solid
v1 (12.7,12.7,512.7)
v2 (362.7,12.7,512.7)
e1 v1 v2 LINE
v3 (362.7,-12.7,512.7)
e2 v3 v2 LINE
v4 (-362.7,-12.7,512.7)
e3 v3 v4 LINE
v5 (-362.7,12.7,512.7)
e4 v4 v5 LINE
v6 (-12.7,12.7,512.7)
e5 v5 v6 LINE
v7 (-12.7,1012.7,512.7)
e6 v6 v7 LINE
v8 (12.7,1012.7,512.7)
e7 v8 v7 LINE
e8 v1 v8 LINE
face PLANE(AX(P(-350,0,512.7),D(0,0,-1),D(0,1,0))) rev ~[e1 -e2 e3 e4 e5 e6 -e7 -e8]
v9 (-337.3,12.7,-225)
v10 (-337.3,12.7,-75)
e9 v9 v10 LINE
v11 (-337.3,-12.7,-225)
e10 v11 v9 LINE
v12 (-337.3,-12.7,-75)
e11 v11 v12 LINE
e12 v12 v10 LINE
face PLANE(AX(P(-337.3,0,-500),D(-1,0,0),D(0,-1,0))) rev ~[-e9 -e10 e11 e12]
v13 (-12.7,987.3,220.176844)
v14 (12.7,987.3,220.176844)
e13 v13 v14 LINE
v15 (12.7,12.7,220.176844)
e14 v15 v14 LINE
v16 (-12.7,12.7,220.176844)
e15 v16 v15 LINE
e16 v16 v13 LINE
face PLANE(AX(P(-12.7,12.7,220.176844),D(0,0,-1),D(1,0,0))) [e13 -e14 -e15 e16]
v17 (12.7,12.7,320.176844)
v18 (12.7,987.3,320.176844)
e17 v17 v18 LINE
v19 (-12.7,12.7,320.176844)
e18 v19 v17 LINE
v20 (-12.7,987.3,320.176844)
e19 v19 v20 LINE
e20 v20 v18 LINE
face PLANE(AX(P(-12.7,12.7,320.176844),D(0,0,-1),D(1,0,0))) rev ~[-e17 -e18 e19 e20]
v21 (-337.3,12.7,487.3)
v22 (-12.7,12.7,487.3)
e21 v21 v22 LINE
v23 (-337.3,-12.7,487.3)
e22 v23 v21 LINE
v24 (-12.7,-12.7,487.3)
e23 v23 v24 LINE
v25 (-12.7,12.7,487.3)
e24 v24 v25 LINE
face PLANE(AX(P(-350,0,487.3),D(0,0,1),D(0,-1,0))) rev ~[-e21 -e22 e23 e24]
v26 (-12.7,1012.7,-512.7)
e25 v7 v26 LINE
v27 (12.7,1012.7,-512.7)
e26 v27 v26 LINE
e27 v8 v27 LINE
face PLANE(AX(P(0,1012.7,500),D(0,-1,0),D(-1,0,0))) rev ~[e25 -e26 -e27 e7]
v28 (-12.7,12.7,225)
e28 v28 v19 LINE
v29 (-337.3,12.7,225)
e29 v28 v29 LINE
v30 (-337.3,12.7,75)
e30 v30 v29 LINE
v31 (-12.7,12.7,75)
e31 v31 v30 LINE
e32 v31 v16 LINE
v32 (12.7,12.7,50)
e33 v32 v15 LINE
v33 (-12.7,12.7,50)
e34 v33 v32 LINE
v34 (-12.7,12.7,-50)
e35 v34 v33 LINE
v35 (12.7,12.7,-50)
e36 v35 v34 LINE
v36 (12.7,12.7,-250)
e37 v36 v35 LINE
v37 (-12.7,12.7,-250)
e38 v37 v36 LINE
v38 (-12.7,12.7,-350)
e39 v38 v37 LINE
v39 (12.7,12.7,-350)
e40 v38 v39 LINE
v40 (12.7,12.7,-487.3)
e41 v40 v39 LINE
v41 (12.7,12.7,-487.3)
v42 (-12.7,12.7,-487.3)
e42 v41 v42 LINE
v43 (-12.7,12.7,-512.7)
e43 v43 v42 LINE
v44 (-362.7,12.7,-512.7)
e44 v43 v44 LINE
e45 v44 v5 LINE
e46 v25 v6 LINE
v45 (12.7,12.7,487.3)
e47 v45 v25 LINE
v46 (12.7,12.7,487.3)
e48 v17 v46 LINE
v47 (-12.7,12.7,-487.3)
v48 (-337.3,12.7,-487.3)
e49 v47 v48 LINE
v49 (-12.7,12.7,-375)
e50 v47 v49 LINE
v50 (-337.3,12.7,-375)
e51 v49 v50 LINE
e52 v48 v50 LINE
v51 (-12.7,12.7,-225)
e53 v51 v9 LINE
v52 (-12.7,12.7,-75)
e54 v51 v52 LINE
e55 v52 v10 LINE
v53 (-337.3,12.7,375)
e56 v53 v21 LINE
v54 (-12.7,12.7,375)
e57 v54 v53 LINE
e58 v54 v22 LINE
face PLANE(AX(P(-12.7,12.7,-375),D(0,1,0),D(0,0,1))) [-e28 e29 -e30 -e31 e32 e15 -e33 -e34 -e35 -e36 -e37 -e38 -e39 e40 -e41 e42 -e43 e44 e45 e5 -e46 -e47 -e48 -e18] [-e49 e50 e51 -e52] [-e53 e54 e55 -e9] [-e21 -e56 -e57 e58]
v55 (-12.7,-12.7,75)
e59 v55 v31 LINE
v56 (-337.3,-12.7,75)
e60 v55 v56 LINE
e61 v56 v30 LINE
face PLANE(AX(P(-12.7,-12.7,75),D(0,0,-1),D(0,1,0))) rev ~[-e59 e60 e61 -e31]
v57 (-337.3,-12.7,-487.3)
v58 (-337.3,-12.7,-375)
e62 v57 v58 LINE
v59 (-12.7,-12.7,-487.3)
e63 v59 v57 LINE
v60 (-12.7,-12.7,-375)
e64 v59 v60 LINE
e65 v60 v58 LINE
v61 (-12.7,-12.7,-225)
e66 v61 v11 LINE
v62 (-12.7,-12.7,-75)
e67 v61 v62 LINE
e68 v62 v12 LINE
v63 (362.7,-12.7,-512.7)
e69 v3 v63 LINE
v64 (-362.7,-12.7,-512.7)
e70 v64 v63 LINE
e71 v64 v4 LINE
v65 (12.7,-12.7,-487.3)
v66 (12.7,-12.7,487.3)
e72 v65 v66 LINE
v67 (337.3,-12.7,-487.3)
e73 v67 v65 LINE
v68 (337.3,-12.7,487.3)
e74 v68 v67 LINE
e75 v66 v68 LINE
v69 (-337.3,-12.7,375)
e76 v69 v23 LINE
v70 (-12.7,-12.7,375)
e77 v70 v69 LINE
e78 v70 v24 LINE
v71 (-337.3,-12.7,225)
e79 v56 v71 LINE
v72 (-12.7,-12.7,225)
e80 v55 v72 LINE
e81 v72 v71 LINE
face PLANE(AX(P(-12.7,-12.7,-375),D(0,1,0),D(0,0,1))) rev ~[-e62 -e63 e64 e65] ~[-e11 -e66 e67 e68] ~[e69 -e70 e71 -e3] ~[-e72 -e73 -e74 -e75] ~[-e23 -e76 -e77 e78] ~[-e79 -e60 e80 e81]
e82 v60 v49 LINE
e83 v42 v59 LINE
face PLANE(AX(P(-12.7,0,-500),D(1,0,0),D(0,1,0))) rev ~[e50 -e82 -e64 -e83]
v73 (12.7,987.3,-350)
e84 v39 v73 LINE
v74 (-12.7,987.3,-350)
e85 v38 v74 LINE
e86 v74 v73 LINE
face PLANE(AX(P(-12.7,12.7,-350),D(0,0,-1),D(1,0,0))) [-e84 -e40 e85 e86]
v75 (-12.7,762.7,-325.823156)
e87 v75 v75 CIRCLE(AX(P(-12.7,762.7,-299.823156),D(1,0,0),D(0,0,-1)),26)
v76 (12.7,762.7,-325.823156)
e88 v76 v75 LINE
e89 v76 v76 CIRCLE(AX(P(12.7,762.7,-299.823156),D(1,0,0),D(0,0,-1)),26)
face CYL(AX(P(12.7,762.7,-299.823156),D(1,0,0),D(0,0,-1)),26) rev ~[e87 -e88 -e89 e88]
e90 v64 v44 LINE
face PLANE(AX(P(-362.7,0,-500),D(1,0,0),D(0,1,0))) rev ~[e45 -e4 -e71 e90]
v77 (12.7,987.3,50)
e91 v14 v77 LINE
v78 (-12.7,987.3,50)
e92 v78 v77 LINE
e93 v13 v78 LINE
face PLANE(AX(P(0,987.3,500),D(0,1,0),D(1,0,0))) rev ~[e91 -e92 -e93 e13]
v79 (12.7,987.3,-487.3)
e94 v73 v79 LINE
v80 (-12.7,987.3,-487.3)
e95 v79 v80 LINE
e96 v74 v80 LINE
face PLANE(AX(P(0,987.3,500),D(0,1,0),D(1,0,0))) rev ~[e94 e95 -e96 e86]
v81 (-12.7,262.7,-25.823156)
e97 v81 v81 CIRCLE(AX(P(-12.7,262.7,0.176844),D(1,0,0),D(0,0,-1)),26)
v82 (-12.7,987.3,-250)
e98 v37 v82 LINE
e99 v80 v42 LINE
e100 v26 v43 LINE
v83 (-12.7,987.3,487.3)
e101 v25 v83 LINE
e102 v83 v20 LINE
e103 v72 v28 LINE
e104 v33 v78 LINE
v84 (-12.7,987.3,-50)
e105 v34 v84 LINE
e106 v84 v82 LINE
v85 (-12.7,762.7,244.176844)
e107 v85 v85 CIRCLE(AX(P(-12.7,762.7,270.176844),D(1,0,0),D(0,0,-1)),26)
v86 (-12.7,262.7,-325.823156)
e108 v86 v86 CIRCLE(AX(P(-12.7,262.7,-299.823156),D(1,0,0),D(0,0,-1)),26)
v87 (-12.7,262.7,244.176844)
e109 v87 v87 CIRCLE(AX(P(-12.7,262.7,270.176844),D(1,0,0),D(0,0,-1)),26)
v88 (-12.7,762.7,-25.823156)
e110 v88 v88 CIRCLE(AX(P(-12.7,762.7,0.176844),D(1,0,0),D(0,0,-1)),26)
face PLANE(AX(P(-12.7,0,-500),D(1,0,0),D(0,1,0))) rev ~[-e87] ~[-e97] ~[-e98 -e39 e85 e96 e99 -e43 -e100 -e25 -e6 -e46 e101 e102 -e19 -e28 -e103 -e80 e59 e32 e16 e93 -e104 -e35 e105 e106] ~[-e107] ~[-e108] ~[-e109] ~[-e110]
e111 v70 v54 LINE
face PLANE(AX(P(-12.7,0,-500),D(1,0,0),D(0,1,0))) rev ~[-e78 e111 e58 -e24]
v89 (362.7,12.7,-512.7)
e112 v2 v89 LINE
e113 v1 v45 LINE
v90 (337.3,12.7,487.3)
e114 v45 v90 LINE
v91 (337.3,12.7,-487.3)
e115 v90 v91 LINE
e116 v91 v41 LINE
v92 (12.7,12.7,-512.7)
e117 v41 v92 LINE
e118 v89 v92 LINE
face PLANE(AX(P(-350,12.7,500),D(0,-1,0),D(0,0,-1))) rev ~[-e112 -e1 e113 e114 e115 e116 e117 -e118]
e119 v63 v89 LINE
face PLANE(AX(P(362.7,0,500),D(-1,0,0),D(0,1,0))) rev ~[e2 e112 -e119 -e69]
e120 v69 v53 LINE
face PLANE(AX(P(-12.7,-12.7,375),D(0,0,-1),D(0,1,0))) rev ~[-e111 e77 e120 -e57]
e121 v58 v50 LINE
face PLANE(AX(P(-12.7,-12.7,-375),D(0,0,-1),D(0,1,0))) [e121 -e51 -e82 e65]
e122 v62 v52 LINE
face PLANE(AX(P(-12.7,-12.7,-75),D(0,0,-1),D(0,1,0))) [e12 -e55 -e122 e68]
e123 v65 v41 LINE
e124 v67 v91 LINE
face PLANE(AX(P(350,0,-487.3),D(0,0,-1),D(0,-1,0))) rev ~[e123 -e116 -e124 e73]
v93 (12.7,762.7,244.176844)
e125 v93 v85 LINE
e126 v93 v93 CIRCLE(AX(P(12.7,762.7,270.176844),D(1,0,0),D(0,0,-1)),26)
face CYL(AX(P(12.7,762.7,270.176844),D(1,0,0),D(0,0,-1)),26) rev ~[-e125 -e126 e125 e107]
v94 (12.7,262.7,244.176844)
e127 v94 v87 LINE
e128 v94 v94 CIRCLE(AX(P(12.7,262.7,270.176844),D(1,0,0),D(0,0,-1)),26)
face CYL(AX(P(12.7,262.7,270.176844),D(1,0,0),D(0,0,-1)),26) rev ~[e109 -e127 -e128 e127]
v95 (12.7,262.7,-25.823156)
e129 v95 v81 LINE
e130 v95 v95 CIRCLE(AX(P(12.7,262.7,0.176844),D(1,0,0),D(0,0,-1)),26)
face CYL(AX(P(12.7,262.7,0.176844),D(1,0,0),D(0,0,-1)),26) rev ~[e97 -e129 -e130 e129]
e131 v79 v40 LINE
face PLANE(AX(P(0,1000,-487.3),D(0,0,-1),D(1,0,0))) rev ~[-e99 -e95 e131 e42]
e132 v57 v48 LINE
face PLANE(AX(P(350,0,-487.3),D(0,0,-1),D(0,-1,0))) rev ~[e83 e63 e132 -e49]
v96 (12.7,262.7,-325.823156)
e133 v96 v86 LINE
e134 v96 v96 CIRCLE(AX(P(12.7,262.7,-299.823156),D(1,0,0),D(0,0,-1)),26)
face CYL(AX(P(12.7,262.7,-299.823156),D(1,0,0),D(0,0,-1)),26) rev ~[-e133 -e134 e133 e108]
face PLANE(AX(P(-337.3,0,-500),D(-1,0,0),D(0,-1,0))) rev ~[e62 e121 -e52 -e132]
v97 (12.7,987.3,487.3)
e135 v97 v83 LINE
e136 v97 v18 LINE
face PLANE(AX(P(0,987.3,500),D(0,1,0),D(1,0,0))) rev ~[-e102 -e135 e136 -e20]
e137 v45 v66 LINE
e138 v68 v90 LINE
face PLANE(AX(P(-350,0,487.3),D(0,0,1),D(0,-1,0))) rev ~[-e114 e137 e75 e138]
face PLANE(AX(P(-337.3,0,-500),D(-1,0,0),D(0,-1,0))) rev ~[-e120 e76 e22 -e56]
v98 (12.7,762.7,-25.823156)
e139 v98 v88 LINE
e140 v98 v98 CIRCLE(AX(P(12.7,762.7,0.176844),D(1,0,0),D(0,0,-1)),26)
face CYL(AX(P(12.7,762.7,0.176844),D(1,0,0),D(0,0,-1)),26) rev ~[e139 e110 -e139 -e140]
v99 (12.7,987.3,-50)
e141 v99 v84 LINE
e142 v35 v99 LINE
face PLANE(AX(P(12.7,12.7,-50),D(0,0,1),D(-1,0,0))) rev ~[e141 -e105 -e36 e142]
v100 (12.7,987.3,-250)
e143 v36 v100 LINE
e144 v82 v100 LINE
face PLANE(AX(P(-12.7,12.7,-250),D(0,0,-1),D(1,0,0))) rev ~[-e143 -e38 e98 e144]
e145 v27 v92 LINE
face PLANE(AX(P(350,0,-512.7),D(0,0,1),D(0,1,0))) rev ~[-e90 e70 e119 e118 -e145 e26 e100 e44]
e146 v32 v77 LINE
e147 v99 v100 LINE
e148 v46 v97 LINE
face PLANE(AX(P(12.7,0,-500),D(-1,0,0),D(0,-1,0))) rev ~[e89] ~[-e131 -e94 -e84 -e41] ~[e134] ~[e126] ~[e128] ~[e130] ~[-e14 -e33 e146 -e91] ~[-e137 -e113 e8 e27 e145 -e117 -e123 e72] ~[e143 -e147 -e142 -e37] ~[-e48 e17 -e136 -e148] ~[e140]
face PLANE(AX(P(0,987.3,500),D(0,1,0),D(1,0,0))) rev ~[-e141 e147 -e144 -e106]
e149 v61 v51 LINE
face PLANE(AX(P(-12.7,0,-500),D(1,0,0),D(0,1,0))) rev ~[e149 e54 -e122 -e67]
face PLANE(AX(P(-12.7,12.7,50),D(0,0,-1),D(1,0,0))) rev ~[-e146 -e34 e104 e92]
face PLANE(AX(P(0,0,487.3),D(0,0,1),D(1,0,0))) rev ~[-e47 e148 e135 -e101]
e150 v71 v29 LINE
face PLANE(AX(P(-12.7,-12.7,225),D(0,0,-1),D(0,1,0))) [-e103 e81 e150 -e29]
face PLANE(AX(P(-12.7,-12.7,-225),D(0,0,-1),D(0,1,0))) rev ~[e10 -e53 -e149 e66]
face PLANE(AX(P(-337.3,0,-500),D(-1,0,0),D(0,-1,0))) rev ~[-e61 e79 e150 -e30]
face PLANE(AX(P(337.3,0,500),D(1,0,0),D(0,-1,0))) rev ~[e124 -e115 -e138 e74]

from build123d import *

# Parameters (mm, degrees)
SKETCH2_W           = 25.4
SKETCH2_H           = 25.4
SKETCH6_W           = 25.4
SKETCH6_H           = 25.4
SKETCH7_W           = 25.4
SKETCH7_H           = 100
BOSS_EXTRUDE1_DEPTH = 974.6
SKETCH8_W           = 150
SKETCH8_H           = 25.4
BOSS_EXTRUDE2_DEPTH = 324.6
SKETCH14_R          = 26
CUT_EXTRUDE1_DEPTH  = 1115


with BuildPart() as part:
    # Sweep4: sweep along a path in Sketch1
    with BuildLine(Plane(origin=(0, 0, 0), x_dir=(1, 0, 0), z_dir=(0, 1, 0))) as sweep4_path:
        Line((-350, -500), (350, -500))
        Line((350, -500), (350, 500))
        Line((350, 500), (-350, 500))
        Line((-350, 500), (-350, -500))
    # Sketch2 → Sweep4 (sweep)
    with BuildSketch(Plane(origin=(0, 0, 0), x_dir=(0, 0, -1), z_dir=(1, 0, 0))):
        with Locations((500, 0)):
            Rectangle(SKETCH2_W, SKETCH2_H)
    sweep(path=sweep4_path.line, transition=Transition.RIGHT)

    # Sweep5: sweep along a path in Sketch4
    with BuildLine(Plane(origin=(0, 0, 0), x_dir=(0, 0, -1), z_dir=(1, 0, 0))) as sweep5_path:
        Line((-500, 0), (-500, 1000))
        Line((-500, 1000), (500, 1000))
        Line((500, 1000), (500, 0))
        Line((500, 0), (-500, 0))
    # Sketch6 → Sweep5 (sweep)
    with BuildSketch(Plane(origin=(0, 12.7, 0), x_dir=(1, 0, 0), z_dir=(0, 1, 0))):
        with Locations((0, 500)):
            Rectangle(SKETCH6_W, SKETCH6_H)
    sweep(path=sweep5_path.line, transition=Transition.RIGHT)

    # Sketch7 → Boss-Extrude1 (add)
    with BuildSketch(Plane(origin=(0, 12.7, 0), x_dir=(1, 0, 0), z_dir=(0, 1, 0))):
        Polygon((-12.7, -25), (-12.7, -50), (12.7, -50), (12.7, -25), (12.7, 25), (12.7, 50), (-12.7, 50), (-12.7, 25), align=None)
        with Locations((0, -270.176844268)):
            Rectangle(SKETCH7_W, SKETCH7_H)
        with Locations((0, 300)):
            Rectangle(SKETCH7_W, SKETCH7_H)
    extrude(amount=BOSS_EXTRUDE1_DEPTH)

    # Sketch8 → Boss-Extrude2 (add)
    with BuildSketch(Plane.ZY.offset(12.7)):
        with Locations((-300, 0)):
            Rectangle(SKETCH8_W, SKETCH8_H)
        Rectangle(SKETCH8_W, SKETCH8_H)
        with Locations((300, 0)):
            Rectangle(SKETCH8_W, SKETCH8_H)
    extrude(amount=BOSS_EXTRUDE2_DEPTH)

    # Sketch14 → Cut-Extrude1 (cut)
    with BuildSketch(Plane(origin=(12.7, 0, 0), x_dir=(0, 0, -1), z_dir=(1, 0, 0))):
        with Locations((-270.176844268, 762.7)):
            Circle(SKETCH14_R)
        with Locations((-0.176844268, 762.7)):
            Circle(SKETCH14_R)
        with Locations((299.823155732, 762.7)):
            Circle(SKETCH14_R)
        with Locations((-270.176844268, 262.7)):
            Circle(SKETCH14_R)
        with Locations((-0.176844268, 262.7)):
            Circle(SKETCH14_R)
        with Locations((299.823155732, 262.7)):
            Circle(SKETCH14_R)
    extrude(amount=-CUT_EXTRUDE1_DEPTH, mode=Mode.SUBTRACT)


solid = part.part
